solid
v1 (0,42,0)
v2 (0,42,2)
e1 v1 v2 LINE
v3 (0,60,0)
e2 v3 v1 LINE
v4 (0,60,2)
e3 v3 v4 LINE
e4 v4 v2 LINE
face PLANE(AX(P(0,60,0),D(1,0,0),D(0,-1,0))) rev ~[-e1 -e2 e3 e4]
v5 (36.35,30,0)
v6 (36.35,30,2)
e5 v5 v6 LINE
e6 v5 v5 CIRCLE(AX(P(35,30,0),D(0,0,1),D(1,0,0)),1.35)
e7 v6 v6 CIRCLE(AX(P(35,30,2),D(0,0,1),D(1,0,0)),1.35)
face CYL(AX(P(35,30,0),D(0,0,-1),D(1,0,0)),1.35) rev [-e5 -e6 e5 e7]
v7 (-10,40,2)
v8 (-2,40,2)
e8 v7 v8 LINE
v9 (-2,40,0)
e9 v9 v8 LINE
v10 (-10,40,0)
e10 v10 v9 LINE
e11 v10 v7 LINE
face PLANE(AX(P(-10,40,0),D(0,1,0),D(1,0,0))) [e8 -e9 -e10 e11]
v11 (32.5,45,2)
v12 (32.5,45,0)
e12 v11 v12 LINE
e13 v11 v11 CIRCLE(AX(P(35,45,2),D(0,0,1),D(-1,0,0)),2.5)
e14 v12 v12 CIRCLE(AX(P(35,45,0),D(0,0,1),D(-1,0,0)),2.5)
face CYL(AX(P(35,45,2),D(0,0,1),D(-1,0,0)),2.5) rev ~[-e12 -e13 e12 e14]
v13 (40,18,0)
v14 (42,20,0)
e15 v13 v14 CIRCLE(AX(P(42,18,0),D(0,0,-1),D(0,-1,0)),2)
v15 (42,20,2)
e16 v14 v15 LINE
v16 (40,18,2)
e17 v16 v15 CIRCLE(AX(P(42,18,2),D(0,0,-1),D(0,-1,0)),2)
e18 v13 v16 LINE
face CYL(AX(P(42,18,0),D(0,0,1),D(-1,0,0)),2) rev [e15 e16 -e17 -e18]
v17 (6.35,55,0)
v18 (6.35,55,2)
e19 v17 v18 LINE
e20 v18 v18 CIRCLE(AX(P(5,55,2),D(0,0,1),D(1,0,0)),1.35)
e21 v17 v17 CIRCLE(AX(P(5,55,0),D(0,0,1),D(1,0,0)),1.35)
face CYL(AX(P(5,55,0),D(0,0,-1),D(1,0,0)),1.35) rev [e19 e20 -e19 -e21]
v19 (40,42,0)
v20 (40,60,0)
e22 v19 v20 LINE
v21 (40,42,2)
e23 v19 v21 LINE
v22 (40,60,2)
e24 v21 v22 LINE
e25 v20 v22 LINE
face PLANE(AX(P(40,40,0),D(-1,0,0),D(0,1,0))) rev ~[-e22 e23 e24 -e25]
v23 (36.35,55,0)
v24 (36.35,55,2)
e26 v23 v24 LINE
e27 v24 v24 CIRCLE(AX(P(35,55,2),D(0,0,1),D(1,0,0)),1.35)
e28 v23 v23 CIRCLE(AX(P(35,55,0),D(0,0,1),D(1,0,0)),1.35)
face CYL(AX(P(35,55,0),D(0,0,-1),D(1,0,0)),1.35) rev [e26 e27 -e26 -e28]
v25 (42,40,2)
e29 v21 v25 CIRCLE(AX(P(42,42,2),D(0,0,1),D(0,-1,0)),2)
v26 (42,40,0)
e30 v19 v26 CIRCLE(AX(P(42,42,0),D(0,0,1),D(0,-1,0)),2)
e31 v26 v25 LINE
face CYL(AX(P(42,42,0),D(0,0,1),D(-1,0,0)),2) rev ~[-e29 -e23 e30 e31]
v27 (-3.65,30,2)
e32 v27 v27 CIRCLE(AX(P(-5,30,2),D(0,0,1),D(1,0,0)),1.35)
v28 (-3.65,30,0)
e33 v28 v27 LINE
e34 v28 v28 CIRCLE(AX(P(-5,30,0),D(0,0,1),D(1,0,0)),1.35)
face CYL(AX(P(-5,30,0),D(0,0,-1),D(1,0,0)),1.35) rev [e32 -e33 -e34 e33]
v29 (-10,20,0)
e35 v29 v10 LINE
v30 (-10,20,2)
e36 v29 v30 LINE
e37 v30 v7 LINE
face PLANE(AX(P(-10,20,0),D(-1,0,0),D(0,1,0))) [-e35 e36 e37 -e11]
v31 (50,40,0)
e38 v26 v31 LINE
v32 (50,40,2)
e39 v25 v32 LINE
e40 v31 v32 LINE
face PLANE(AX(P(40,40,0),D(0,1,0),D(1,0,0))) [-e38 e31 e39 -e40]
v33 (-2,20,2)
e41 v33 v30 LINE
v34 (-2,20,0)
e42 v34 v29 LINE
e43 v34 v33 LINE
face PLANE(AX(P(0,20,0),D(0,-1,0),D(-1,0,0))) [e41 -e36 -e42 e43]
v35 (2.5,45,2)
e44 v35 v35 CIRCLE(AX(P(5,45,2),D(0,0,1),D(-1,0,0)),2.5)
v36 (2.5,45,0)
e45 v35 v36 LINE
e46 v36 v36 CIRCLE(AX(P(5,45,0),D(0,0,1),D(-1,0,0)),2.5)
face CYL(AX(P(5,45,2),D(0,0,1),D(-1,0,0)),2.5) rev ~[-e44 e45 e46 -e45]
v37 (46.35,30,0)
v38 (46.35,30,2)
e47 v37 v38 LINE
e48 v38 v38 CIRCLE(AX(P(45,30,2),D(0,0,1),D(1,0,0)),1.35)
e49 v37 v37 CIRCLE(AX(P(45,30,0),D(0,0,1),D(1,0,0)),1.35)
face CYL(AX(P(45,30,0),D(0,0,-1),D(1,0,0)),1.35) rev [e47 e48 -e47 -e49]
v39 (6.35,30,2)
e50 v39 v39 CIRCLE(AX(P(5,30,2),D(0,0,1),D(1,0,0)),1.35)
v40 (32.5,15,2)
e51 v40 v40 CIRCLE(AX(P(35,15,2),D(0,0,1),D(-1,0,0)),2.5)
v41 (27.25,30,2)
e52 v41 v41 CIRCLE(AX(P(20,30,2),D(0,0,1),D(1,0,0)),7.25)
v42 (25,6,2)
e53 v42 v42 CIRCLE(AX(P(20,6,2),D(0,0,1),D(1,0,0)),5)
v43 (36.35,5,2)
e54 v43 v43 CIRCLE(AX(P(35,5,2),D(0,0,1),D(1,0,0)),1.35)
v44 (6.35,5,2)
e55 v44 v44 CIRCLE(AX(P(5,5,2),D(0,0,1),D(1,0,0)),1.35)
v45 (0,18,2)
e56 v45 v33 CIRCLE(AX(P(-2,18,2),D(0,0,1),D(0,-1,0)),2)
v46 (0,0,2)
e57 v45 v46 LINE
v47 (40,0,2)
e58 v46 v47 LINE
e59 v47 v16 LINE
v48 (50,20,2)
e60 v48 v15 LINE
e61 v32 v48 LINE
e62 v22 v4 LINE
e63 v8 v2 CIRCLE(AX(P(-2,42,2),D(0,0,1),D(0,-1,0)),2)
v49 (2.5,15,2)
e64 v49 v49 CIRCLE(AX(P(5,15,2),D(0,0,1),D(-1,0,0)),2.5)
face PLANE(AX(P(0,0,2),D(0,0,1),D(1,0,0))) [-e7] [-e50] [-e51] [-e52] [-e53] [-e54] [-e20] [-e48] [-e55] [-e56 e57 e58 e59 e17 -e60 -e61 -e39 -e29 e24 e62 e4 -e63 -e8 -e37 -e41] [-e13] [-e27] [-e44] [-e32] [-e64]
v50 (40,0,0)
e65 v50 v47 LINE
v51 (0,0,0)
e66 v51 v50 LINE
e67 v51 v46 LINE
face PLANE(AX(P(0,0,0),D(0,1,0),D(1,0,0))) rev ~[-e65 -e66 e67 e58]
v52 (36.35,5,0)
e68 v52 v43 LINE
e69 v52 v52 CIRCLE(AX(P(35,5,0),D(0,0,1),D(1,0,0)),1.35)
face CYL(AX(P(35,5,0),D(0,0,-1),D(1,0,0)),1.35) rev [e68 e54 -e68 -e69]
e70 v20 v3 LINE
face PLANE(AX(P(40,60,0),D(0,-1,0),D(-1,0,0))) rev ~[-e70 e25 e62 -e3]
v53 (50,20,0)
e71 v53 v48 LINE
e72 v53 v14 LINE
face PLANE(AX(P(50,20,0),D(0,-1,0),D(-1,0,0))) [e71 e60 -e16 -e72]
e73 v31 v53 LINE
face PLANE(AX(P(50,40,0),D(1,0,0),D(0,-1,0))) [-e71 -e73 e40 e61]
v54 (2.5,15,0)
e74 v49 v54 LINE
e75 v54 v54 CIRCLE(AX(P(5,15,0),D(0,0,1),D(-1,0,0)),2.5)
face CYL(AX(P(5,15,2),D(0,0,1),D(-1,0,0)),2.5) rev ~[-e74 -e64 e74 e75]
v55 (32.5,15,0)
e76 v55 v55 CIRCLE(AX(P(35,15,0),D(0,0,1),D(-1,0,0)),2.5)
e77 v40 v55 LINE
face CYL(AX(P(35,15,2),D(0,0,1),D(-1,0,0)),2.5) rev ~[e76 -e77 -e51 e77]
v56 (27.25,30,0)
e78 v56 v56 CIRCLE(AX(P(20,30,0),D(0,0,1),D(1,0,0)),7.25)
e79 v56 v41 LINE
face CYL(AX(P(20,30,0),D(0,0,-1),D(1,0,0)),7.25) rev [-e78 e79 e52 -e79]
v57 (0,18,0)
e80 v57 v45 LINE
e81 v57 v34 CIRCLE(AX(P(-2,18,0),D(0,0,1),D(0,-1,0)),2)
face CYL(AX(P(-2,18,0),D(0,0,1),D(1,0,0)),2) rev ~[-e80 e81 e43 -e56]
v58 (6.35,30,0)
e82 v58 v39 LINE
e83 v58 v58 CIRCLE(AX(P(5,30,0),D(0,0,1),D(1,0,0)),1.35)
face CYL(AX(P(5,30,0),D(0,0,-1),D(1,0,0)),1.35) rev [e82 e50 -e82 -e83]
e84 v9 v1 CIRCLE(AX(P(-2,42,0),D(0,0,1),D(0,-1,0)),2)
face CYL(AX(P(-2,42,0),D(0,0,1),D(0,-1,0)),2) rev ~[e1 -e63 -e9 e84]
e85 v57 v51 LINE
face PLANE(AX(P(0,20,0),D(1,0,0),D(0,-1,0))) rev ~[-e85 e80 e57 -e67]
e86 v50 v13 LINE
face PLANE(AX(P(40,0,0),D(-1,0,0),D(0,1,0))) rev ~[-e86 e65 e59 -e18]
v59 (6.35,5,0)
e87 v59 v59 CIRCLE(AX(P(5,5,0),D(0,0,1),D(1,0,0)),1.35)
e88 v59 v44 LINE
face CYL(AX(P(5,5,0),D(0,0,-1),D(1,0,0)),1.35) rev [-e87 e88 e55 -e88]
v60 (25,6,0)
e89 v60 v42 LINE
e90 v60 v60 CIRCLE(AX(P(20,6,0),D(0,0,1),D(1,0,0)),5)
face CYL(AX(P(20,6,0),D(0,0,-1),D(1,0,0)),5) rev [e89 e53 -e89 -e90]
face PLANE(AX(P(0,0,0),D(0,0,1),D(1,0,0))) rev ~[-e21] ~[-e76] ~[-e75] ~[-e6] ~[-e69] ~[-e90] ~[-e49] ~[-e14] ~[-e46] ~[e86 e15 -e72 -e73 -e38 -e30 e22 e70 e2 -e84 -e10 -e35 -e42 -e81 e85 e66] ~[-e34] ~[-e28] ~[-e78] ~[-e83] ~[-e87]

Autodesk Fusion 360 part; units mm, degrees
sketch "Sketch1" plane through (0, 0, 0) normal (0, 0, 1) x (1, 0, 0)
  line L0 (0, 0) -> (40, 0)
  line L1 (40, 0) -> (40, 60)
  line L2 (40, 60) -> (0, 60)
  line L3 (0, 60) -> (0, 0)
  circle A0 centre (5, 5) radius 1.35
  circle A1 centre (20, 30) radius 7.25
  circle A2 centre (20, 30) radius 5.75
  circle A3 centre (35, 5) radius 1.35
  circle A4 centre (5, 30) radius 1.35
  circle A5 centre (35, 30) radius 1.35
  circle A6 centre (5, 55) radius 1.35
  circle A7 centre (35, 55) radius 1.35
  circle A8 centre (20, 6) radius 5
  line L4 (-10, 40) -> (50, 40)
  line L5 (50, 40) -> (50, 20)
  line L6 (50, 20) -> (-10, 20)
  line L7 (-10, 20) -> (-10, 40)
  circle A9 centre (-5, 30) radius 1.35
  circle A10 centre (45, 30) radius 1.35
  dimension "d1" = 2.7
  dimension "d2" = 60
  dimension "d3" = 40
  dimension "d4" = 5
  dimension "d5" = 5
  dimension "d6" = 14.5
  dimension "d7" = 20
  dimension "d8" = 30
  dimension "d9" = 11.5
  dimension "d12" = 30
  dimension "d13" = 50
  dimension "d20" = 6
  dimension "d21" = 20
  dimension "d22" = 10
  dimension "d23" = 60
  dimension "d24" = 20
  dimension "d25" = 30
  dimension "d26" = 10
  dimension "d29" = 50
  dimension "d30" = 0
  dimension "d31" = 2.7
  dimension "d32" = 5
  dimension "d33" = 10
extrude "Extrude1" add sketch "Sketch1" along normal blind 2 contours L0 L1 L3 L6 | L3 L4 L6 L7 | L1 L3 L4 L6 | L1 L4 L5 L6 | L1 L2 L3 L4
fillet "Fillet2" radius 2 4 edges at (40, 20, 1) (40, 40, 1) (0, 40, 1) (0, 20, 1)
sketch "Sketch2" plane through (0, 0, 2) normal (0, 0, 1) x (-1, 0, 0)
  circle A0 centre (-5, -5) radius 1.35
  circle A1 centre (-5, -30) radius 1.35
  circle A2 centre (-35, -5) radius 1.35
  circle A3 centre (-35, -30) radius 1.35
  circle A4 centre (-35, -55) radius 1.35
  circle A5 centre (-20, -6) radius 5
  circle A6 centre (-20, -30) radius 7.25
  circle A7 centre (-45, -30) radius 1.35
  circle A8 centre (5, -30) radius 1.35
  circle A9 centre (-5, -55) radius 1.35
  line L0 (0, -18) -> (0, 0)
  line L1 (0, 0) -> (-40, 0)
  line L2 (-40, 0) -> (-40, -18)
  arc A10 (-42, -20) -> (-40, -18) centre (-42, -18) ccw
  line L3 (-42, -20) -> (-50, -20)
  line L4 (-50, -20) -> (-50, -40)
  line L5 (-50, -40) -> (-42, -40)
  arc A11 (-40, -42) -> (-42, -40) centre (-42, -42) ccw
  line L6 (-40, -42) -> (-40, -60)
  line L7 (-40, -60) -> (0, -60)
  line L8 (0, -60) -> (0, -42)
  arc A12 (2, -40) -> (0, -42) centre (2, -42) ccw
  line L9 (2, -40) -> (10, -40)
  line L10 (10, -40) -> (10, -20)
  line L11 (10, -20) -> (2, -20)
  arc A13 (0, -18) -> (2, -20) centre (2, -18) ccw
  circle A14 centre (-5, -45) radius 2.5
  circle A15 centre (-35, -45) radius 2.5
  circle A16 centre (-5, -15) radius 2.5
  circle A17 centre (-35, -15) radius 2.5
  dimension "d38" = -30
  dimension "d39" = 30
  dimension "d40" = 5
  dimension "d41" = 15
  dimension "d42" = 5
extrude "Extrude3" cut sketch "Sketch2" against normal blind 2 contours A14 | A15 | A16 | A17
extrude "Extrude2" [suppressed]
fillet "Fillet1" [suppressed]
